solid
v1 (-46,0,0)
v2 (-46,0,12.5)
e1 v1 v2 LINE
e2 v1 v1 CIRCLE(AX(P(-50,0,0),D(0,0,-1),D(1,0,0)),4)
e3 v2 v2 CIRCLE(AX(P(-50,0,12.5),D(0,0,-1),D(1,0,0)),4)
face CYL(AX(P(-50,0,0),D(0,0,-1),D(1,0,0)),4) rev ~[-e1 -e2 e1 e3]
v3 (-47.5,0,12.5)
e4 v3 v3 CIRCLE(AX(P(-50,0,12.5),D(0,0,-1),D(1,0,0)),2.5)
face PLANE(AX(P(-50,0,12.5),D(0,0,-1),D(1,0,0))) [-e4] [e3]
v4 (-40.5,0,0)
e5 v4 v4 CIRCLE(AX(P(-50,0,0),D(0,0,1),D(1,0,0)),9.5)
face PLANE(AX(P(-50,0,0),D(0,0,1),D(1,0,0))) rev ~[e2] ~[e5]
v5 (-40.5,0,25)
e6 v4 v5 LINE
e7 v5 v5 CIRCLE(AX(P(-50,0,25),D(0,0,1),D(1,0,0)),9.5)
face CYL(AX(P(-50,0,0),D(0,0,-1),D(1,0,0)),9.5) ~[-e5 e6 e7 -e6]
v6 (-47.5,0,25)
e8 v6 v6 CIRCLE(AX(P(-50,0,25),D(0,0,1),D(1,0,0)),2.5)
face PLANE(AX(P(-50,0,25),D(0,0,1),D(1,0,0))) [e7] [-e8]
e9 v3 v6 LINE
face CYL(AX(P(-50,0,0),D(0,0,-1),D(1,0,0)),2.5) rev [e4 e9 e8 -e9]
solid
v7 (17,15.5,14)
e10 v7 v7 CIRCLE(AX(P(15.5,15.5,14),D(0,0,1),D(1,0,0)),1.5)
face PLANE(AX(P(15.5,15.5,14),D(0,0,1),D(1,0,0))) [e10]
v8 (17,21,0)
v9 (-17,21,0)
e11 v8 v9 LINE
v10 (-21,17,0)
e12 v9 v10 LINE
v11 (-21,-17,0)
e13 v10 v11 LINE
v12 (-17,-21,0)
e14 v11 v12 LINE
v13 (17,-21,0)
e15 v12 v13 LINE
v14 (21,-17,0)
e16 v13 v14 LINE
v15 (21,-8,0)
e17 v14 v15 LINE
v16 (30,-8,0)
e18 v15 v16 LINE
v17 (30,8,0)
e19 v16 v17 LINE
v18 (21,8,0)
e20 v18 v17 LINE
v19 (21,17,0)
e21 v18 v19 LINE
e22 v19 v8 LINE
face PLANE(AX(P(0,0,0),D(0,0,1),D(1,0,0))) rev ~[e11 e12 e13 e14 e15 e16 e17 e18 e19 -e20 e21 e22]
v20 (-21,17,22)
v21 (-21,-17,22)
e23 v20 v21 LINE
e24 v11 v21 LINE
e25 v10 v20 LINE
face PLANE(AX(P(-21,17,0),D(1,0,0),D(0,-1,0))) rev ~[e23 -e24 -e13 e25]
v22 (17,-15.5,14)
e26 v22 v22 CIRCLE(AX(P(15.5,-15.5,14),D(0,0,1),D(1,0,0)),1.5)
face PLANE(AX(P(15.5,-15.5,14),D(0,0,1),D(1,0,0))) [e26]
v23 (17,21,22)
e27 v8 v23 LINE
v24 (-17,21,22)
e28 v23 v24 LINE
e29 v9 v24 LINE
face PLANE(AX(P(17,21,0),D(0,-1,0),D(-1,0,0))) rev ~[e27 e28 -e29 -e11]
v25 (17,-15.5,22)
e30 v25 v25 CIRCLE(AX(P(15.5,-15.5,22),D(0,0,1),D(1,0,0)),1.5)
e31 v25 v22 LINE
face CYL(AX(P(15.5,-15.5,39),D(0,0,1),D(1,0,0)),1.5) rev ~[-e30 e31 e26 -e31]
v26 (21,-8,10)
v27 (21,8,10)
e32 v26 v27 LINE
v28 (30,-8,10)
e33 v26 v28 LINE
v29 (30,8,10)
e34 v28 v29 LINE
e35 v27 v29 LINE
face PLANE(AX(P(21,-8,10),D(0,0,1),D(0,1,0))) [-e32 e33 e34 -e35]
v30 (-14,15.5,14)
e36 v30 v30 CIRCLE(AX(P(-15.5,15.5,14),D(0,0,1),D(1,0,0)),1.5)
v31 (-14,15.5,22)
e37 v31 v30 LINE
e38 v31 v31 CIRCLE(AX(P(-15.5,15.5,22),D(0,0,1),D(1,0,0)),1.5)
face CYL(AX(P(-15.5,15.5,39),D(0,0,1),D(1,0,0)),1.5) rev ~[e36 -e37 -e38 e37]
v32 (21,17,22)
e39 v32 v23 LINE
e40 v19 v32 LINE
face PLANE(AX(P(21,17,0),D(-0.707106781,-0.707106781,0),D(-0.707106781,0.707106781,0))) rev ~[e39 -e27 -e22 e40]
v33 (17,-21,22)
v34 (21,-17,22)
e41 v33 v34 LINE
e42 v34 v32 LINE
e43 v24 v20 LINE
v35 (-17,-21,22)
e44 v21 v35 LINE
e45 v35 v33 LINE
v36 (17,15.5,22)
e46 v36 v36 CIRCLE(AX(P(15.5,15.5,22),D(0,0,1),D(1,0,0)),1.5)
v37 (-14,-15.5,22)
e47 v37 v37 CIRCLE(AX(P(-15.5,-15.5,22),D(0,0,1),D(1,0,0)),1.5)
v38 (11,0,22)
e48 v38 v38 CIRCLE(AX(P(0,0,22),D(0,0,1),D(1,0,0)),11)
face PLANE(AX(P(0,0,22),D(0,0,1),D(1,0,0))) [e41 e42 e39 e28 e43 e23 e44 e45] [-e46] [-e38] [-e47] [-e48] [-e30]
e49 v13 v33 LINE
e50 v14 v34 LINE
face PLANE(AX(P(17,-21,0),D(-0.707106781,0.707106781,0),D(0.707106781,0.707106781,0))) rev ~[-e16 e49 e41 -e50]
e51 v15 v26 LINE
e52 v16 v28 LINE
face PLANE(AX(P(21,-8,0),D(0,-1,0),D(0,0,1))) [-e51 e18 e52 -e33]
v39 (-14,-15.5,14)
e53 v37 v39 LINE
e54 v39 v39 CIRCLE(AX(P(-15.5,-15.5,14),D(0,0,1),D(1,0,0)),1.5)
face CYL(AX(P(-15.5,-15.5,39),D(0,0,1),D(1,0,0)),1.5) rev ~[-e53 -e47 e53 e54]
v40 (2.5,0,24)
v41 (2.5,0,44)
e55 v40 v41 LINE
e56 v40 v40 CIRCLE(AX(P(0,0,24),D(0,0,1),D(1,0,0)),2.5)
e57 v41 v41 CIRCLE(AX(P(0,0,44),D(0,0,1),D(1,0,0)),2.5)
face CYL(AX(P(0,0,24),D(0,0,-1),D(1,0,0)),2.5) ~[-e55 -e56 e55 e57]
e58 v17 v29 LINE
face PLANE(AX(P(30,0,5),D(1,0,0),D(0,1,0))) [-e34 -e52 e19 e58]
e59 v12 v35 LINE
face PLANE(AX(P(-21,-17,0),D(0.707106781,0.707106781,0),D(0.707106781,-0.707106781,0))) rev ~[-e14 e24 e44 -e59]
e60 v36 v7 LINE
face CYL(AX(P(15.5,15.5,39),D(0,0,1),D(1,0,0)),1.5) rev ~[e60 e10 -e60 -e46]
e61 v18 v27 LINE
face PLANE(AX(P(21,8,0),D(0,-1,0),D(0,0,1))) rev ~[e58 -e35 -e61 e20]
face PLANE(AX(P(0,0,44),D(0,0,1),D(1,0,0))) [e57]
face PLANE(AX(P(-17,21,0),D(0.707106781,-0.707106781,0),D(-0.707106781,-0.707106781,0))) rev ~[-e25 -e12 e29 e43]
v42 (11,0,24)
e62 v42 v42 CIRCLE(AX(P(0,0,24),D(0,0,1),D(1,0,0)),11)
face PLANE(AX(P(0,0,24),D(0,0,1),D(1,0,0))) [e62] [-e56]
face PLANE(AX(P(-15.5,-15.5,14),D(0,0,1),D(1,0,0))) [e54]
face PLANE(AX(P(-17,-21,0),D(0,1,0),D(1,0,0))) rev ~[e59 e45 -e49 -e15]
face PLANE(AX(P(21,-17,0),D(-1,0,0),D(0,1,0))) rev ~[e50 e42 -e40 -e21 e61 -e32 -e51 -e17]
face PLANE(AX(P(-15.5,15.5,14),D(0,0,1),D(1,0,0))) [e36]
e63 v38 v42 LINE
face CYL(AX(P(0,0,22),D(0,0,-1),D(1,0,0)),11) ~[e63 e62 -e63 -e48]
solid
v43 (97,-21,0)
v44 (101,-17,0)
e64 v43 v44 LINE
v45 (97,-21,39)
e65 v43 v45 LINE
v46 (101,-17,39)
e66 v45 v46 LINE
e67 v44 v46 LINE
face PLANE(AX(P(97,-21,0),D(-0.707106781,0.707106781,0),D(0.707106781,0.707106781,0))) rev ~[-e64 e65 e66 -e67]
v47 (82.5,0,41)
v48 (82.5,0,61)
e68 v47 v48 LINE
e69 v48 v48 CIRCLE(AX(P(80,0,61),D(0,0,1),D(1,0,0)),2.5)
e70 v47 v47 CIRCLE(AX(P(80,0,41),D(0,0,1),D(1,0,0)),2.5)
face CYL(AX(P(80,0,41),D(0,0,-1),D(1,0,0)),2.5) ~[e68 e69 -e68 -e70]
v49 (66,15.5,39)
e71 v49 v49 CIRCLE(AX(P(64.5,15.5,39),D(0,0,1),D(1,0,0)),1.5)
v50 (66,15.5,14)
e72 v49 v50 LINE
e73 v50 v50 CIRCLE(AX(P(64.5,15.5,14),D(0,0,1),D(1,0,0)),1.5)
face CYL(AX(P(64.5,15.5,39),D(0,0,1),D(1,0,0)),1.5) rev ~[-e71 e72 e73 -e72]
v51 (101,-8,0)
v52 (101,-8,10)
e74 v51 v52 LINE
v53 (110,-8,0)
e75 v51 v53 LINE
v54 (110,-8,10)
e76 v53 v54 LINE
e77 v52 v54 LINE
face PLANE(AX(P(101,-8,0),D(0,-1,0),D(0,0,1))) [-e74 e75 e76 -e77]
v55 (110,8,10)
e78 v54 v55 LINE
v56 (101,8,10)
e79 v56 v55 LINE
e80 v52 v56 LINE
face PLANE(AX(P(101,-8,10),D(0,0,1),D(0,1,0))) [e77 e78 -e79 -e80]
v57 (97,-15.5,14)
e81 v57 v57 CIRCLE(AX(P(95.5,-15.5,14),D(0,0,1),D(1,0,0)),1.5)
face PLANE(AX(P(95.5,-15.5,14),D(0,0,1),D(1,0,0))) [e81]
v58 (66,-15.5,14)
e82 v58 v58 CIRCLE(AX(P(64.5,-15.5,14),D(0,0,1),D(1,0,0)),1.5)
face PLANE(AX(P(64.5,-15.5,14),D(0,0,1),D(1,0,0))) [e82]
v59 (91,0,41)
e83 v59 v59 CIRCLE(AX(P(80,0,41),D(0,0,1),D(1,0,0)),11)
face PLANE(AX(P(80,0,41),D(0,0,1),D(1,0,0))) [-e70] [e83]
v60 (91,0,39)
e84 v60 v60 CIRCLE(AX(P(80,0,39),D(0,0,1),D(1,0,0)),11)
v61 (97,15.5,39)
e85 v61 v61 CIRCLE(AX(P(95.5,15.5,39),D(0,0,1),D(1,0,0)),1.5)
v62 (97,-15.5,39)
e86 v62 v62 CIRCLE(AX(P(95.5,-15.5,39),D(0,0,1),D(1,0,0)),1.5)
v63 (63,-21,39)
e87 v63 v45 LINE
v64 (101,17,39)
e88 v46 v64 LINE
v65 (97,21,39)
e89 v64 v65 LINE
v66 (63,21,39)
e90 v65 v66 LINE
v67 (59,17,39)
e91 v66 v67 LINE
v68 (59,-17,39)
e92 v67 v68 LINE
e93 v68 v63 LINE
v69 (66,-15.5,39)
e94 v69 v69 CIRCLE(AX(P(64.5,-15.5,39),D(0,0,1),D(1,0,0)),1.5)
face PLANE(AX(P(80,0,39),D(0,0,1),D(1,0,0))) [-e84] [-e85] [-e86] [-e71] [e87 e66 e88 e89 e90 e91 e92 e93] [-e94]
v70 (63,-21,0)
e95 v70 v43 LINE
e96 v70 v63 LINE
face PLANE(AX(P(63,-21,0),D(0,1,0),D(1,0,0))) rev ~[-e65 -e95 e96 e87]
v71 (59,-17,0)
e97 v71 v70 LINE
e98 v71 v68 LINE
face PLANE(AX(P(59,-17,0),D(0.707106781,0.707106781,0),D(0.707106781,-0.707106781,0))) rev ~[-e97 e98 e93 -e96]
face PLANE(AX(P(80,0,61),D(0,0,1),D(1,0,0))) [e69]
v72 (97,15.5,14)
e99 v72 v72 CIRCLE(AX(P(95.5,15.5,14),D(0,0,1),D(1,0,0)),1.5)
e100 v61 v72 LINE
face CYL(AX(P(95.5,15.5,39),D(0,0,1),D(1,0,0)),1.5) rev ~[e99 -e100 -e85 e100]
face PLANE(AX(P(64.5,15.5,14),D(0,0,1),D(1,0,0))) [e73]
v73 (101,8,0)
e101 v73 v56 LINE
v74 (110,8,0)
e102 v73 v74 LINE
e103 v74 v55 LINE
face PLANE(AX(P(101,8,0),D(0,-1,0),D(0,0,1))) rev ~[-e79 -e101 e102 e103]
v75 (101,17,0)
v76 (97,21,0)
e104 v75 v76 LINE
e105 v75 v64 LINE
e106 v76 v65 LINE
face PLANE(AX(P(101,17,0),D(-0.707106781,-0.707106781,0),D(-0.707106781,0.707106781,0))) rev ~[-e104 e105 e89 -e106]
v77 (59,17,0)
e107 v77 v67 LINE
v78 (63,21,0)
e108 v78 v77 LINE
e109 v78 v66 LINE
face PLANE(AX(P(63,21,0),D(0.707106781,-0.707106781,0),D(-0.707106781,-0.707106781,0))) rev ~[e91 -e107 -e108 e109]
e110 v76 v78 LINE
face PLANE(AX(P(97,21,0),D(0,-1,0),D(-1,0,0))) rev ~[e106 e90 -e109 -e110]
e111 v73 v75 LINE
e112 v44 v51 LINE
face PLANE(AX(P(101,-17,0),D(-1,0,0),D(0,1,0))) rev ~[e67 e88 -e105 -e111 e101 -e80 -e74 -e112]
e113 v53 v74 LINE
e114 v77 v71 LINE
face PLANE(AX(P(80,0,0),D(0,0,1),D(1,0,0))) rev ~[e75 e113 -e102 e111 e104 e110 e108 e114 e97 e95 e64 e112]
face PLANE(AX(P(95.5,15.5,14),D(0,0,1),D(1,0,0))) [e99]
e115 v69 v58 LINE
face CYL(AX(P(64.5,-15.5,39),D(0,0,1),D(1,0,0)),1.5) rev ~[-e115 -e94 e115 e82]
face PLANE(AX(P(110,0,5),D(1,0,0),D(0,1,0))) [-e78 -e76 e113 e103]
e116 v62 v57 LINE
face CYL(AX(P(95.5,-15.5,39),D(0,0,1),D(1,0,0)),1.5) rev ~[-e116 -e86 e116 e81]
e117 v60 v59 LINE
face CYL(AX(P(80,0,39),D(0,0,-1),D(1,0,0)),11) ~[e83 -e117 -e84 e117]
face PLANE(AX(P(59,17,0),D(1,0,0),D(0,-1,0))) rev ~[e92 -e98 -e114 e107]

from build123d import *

# Parameters (mm, degrees)
F1_DEPTH  = 39
F2_R      = 11
F3_DEPTH  = 2
F4_R      = 2.5
F5_DEPTH  = 20
F6_W      = 16
F6_H      = 10
F7_DEPTH  = 9
F12_DEPTH = 22
F13_R     = 11
F14_DEPTH = 2
F15_R     = 2.5
F16_DEPTH = 20
F17_W     = 16
F17_H     = 10
F18_DEPTH = 9
F19_R     = 9.5
F19_R_2   = 2.5
F20_DEPTH = 25
F21_R     = 4
F22_DEPTH = 12.5
F23_R     = 1.5
F24_DEPTH = 25


with BuildPart() as f1:
    # F0 (on Top) → F1 (new body)
    with BuildSketch(Plane.XY):
        Polygon((-17, 21), (-21, 17), (-21, -17), (-17, -21), (17, -21), (21, -17), (21, 17), (17, 21), align=None)
    extrude(amount=F1_DEPTH)

    # F2 (on face) → F3 (join)
    with BuildSketch(Plane.XY.offset(39)):
        Circle(F2_R)
    extrude(amount=F3_DEPTH)

    # F4 (on face) → F5 (join)
    with BuildSketch(Plane.XY.offset(41)):
        Circle(F4_R)
    extrude(amount=F5_DEPTH)

    # F6 (on face) → F7 (join)
    with BuildSketch(Plane.YZ.offset(21)):
        with Locations((0, 5)):
            Rectangle(F6_W, F6_H)
    extrude(amount=F7_DEPTH)


with BuildPart() as f8_1:
    # F8: copy of F1
    add(f1.part.moved(Location((82.6, 0, 0))))


with BuildPart() as f1_1:
    # F10: moved
    add(f1.part.moved(Location((80, 0, 0))))


with BuildPart() as f12:
    # F11 (on Top) → F12 (new body)
    with BuildSketch(Plane.XY):
        Polygon((-17, 21), (-21, 17), (-21, -17), (-17, -21), (17, -21), (21, -17), (21, 17), (17, 21), align=None)
    extrude(amount=F12_DEPTH)

    # F13 (on face) → F14 (join)
    with BuildSketch(Plane.XY.offset(22)):
        Circle(F13_R)
    extrude(amount=F14_DEPTH)

    # F15 (on face) → F16 (join)
    with BuildSketch(Plane.XY.offset(24)):
        Circle(F15_R)
    extrude(amount=F16_DEPTH)

    # F17 (on face) → F18 (join)
    with BuildSketch(Plane.YZ.offset(21)):
        with Locations((0, 5)):
            Rectangle(F17_W, F17_H)
    extrude(amount=F18_DEPTH)


with BuildPart() as f20:
    # F19 (on Top) → F20 (new body)
    with BuildSketch(Plane.XY):
        with Locations((-50, 0)):
            Circle(F19_R)
        with Locations((-50, 0)):
            Circle(F19_R_2, mode=Mode.SUBTRACT)
    extrude(amount=F20_DEPTH)

    # F21 (on face) → F22 (cut)
    with BuildSketch(Plane(origin=(0, 0, 0), x_dir=(1, 0, 0), z_dir=(0, 0, -1))):
        with Locations((-50, 0)):
            Circle(F21_R)
    extrude(amount=-F22_DEPTH, mode=Mode.SUBTRACT)


with BuildPart() as f24_tool:
    # F23 (on face) → F24 (new body)
    with BuildSketch(Plane.XY.offset(39)):
        with Locations((-15.5, 15.5)):
            Circle(F23_R)
        with Locations((15.5, 15.5)):
            Circle(F23_R)
        with Locations((15.5, -15.5)):
            Circle(F23_R)
        with Locations((-15.5, -15.5)):
            Circle(F23_R)
        with Locations((64.5, -15.5)):
            Circle(F23_R)
        with Locations((64.5, 15.5)):
            Circle(F23_R)
        with Locations((95.5, 15.5)):
            Circle(F23_R)
        with Locations((95.5, -15.5)):
            Circle(F23_R)
    extrude(amount=-F24_DEPTH)


with BuildPart() as f1_2:
    add(f1_1.part)

    # F24: cut by f24_tool
    add(f24_tool.part, mode=Mode.SUBTRACT)


with BuildPart() as f12_1:
    add(f12.part)

    # F24: cut by f24_tool
    add(f24_tool.part, mode=Mode.SUBTRACT)


solid = Compound([f20.part, f1_2.part, f12_1.part])
